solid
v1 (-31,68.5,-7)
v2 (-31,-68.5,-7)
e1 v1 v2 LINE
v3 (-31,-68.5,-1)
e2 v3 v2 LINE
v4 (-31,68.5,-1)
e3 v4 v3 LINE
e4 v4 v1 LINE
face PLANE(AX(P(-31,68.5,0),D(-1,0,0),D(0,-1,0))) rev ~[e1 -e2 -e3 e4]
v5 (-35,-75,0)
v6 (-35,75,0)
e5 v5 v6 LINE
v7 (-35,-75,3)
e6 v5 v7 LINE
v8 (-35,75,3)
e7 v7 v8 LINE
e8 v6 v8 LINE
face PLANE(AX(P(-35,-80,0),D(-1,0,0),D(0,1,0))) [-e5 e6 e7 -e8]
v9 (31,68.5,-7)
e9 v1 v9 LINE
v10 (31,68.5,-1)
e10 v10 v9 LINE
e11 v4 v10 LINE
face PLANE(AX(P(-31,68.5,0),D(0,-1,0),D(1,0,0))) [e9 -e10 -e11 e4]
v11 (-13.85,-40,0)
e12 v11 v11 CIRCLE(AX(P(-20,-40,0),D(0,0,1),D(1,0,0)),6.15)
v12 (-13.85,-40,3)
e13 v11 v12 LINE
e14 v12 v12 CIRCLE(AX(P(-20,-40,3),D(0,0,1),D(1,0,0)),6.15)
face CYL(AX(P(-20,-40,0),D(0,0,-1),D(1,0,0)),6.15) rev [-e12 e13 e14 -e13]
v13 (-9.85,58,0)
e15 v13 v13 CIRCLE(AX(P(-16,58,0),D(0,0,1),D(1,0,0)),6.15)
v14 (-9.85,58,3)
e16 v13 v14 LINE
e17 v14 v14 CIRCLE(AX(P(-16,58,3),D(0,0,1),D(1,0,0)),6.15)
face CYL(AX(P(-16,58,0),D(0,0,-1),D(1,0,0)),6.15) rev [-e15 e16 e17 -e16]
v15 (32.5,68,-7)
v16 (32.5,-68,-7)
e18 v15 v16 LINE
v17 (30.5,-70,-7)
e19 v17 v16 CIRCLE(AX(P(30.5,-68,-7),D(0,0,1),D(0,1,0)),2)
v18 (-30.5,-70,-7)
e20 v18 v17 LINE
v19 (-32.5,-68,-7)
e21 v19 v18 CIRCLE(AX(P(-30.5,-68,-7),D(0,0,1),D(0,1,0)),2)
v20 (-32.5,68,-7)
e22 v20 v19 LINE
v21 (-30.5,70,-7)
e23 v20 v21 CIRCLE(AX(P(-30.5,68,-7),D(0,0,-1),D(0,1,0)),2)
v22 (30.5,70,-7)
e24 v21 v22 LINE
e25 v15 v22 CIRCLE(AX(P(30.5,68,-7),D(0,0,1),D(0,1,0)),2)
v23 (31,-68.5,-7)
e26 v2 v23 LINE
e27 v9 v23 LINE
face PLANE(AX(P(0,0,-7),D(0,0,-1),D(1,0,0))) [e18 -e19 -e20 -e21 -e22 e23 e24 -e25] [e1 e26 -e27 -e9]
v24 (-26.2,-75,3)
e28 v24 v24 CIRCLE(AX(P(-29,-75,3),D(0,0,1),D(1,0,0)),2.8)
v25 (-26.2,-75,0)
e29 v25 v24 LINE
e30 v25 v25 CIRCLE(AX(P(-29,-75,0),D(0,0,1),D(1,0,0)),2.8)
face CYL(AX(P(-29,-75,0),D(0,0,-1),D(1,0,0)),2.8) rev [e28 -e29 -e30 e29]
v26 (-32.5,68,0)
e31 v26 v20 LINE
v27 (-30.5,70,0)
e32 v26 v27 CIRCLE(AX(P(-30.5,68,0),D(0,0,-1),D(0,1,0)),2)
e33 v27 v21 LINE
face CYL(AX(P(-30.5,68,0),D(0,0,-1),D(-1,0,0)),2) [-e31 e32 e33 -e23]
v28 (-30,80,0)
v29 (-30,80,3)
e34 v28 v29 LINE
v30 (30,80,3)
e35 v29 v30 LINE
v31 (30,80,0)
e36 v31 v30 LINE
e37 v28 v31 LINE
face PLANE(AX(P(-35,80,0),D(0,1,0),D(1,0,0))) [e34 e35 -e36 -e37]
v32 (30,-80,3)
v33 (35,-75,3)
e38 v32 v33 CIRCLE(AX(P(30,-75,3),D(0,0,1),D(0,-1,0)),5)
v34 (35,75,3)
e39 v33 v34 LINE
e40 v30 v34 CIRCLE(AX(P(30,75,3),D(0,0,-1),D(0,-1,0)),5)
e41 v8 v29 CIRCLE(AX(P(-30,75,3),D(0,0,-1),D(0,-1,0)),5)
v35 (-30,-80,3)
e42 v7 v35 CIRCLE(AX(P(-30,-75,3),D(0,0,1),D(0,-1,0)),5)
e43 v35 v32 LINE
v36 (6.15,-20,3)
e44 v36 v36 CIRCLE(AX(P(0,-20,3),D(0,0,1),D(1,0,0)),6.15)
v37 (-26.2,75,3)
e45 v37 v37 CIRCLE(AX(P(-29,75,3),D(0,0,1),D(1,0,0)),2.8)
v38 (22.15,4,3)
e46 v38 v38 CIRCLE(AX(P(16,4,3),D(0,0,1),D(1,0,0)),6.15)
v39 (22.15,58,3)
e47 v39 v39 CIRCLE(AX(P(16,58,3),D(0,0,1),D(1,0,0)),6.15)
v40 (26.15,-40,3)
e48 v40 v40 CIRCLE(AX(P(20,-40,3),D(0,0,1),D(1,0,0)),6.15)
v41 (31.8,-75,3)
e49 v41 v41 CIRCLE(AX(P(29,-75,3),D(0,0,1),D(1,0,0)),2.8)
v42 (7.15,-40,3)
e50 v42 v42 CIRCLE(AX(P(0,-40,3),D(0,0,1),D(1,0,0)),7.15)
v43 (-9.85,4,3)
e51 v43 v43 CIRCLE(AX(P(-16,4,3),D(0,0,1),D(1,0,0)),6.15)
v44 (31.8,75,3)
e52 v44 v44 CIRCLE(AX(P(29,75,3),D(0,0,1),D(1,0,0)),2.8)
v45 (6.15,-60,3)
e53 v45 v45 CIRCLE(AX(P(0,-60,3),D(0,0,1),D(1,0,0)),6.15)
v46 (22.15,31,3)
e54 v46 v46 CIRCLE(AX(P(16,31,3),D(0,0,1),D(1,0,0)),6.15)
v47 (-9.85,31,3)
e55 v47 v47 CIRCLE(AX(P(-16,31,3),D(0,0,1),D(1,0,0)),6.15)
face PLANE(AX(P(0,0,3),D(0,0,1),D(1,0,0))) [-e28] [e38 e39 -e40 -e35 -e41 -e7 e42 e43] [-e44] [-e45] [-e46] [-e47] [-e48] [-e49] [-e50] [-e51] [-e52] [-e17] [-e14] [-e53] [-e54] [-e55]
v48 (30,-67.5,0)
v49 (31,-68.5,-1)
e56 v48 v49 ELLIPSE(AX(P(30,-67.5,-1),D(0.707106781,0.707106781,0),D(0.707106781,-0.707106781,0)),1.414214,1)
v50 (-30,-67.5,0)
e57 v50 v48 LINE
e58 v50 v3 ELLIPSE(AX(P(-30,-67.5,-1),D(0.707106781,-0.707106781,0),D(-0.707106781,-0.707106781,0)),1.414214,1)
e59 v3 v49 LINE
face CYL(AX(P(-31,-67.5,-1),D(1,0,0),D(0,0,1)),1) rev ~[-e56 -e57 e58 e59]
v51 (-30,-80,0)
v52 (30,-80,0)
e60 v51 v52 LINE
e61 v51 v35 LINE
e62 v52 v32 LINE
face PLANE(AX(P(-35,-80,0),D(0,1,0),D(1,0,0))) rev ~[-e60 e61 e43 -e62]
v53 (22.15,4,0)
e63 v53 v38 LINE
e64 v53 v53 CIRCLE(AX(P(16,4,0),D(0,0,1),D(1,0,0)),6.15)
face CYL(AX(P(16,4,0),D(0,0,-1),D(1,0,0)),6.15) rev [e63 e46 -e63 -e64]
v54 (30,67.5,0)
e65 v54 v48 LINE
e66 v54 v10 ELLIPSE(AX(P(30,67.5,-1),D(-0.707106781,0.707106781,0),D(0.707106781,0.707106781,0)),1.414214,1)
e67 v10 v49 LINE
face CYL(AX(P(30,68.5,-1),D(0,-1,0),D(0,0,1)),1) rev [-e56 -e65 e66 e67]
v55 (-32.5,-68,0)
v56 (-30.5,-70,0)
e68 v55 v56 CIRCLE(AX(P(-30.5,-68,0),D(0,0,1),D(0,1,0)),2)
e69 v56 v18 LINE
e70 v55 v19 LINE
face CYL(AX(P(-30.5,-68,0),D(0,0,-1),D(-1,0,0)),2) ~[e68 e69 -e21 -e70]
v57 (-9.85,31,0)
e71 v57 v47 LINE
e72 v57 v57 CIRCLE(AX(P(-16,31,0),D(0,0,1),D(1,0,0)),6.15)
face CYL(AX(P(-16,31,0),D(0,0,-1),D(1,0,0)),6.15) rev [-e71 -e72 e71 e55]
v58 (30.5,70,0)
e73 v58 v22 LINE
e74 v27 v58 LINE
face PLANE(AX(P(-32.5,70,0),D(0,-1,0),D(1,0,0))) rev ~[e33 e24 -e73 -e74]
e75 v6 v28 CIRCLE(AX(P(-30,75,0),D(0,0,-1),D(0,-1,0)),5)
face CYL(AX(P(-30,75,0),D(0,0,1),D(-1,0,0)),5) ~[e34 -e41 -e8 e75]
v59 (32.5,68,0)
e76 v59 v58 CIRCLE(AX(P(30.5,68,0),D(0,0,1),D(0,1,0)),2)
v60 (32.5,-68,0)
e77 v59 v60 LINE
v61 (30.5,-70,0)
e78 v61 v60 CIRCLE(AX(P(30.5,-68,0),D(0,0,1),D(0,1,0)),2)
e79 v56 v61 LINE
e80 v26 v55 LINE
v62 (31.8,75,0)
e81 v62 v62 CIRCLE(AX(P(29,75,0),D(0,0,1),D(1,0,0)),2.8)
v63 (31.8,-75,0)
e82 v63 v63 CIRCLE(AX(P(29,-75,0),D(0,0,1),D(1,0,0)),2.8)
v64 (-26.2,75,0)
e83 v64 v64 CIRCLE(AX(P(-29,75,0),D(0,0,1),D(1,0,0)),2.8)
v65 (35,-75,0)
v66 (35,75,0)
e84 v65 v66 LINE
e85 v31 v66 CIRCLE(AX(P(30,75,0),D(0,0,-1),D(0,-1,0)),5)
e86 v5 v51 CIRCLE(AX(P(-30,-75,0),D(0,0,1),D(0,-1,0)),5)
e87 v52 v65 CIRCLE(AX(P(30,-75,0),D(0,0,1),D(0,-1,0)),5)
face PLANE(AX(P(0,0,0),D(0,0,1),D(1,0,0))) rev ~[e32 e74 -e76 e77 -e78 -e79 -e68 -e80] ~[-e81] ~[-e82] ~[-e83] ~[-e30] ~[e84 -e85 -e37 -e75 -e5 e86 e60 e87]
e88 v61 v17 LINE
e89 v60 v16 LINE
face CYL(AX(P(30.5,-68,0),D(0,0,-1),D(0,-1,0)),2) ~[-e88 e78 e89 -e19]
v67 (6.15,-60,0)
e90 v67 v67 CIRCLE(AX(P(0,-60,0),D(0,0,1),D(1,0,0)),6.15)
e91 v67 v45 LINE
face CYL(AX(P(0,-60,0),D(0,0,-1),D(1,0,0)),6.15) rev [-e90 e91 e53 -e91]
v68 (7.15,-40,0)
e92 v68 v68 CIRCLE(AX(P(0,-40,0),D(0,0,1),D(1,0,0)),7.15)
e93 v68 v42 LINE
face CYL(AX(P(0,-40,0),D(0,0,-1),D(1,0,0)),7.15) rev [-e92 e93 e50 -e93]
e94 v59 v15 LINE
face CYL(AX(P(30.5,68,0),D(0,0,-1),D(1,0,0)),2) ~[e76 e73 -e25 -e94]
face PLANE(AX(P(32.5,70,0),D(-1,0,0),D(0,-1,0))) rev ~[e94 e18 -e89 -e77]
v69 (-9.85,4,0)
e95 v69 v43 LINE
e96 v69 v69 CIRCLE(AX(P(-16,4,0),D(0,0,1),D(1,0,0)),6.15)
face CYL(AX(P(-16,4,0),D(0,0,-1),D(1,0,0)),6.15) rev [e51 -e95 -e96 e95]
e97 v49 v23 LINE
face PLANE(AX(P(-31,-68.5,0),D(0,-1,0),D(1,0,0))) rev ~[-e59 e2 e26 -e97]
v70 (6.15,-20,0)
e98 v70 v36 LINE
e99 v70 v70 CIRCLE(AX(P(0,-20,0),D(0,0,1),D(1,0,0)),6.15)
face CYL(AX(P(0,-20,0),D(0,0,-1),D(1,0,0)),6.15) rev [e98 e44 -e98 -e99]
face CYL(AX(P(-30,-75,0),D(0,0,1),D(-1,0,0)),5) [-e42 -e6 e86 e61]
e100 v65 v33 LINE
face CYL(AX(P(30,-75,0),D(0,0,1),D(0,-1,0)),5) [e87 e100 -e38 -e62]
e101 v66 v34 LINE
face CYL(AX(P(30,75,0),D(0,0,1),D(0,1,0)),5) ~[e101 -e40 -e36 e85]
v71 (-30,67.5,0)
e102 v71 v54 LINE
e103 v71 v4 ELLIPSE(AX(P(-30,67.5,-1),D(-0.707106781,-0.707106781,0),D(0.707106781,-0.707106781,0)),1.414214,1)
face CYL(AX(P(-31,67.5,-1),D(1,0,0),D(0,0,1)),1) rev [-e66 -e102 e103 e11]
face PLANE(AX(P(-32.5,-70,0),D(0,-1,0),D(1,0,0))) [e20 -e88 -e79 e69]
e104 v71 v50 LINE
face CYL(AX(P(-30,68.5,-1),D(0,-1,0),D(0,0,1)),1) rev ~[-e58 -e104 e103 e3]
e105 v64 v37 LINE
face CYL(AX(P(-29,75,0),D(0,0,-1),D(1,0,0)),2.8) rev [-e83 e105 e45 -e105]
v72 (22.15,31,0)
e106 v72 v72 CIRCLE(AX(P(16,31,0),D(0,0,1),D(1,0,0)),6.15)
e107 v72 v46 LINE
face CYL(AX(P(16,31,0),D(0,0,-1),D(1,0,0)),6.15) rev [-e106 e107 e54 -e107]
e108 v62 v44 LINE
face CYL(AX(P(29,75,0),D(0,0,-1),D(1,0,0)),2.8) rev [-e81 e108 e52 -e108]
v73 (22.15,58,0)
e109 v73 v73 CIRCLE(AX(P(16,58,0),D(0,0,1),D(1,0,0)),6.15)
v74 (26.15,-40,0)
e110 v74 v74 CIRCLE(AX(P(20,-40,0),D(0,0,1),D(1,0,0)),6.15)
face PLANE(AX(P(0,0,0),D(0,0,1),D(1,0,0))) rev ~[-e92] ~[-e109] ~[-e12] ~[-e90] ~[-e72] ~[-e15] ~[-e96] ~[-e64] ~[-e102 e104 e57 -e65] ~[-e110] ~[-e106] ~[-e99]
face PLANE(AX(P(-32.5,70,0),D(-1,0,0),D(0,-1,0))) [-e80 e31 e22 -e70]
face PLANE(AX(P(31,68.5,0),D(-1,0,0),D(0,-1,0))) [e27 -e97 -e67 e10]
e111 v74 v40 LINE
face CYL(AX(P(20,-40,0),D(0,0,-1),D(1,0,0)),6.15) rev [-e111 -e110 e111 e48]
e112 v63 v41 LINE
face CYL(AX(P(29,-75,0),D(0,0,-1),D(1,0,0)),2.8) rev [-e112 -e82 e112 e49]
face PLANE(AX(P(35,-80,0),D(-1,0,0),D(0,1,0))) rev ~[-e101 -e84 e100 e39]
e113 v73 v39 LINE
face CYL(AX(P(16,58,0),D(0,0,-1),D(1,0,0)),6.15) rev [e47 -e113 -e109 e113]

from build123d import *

# Parameters (mm, degrees)
SKETCH046_W   = 70
SKETCH046_H   = 160
SKETCH046_R   = 2.8
SKETCH046_R_2 = 6.15
SKETCH046_R_3 = 7.15
PAD021_DEPTH  = 3
SKETCH047_W   = 65
SKETCH047_H   = 140
SKETCH047_W_2 = 62
SKETCH047_H_2 = 137
PAD022_DEPTH  = 7
FILLET018_R   = 1
FILLET019_R   = 5
FILLET020_R   = 2


with BuildPart() as part:
    # Sketch046 → Pad021 (new body)
    with BuildSketch(Plane.XY):
        Rectangle(SKETCH046_W, SKETCH046_H)
        with Locations((-29, 75)):
            Circle(SKETCH046_R, mode=Mode.SUBTRACT)
        with Locations((29, 75)):
            Circle(SKETCH046_R, mode=Mode.SUBTRACT)
        with Locations((-29, -75)):
            Circle(SKETCH046_R, mode=Mode.SUBTRACT)
        with Locations((29, -75)):
            Circle(SKETCH046_R, mode=Mode.SUBTRACT)
        with Locations((0, -60)):
            Circle(SKETCH046_R_2, mode=Mode.SUBTRACT)
        with Locations((0, -20)):
            Circle(SKETCH046_R_2, mode=Mode.SUBTRACT)
        with Locations((0, -40)):
            Circle(SKETCH046_R_3, mode=Mode.SUBTRACT)
        with Locations((20, -40)):
            Circle(SKETCH046_R_2, mode=Mode.SUBTRACT)
        with Locations((-20, -40)):
            Circle(SKETCH046_R_2, mode=Mode.SUBTRACT)
        with Locations((-16, 58)):
            Circle(SKETCH046_R_2, mode=Mode.SUBTRACT)
        with Locations((16, 58)):
            Circle(SKETCH046_R_2, mode=Mode.SUBTRACT)
        with Locations((-16, 31)):
            Circle(SKETCH046_R_2, mode=Mode.SUBTRACT)
        with Locations((16, 31)):
            Circle(SKETCH046_R_2, mode=Mode.SUBTRACT)
        with Locations((-16, 4)):
            Circle(SKETCH046_R_2, mode=Mode.SUBTRACT)
        with Locations((16, 4)):
            Circle(SKETCH046_R_2, mode=Mode.SUBTRACT)
    extrude(amount=PAD021_DEPTH)

    # Sketch047 (on Face20 of Pad021) → Pad022 (join)
    with BuildSketch(Plane(origin=(0, 0, 0), x_dir=(1, 0, 0), z_dir=(0, 0, -1))):
        Rectangle(SKETCH047_W, SKETCH047_H)
        Rectangle(SKETCH047_W_2, SKETCH047_H_2, mode=Mode.SUBTRACT)
    extrude(amount=PAD022_DEPTH)

    # Fillet018
    fillet018_edges = [part.edges().sort_by_distance(p)[0] for p in [
        (0, 68.5, 0),
        (31, 0, 0),
        (-31, 0, 0),
        (0, -68.5, 0),
    ]]
    fillet(fillet018_edges, radius=FILLET018_R)

    # Fillet019
    fillet019_edges = [part.edges().sort_by_distance(p)[0] for p in [
        (-35, 80, 1.5),
        (35, 80, 1.5),
        (-35, -80, 1.5),
        (35, -80, 1.5),
    ]]
    fillet(fillet019_edges, radius=FILLET019_R)

    # Fillet020
    fillet020_edges = [part.edges().sort_by_distance(p)[0] for p in [
        (-32.5, -70, -3.5),
        (32.5, -70, -3.5),
        (-32.5, 70, -3.5),
        (32.5, 70, -3.5),
    ]]
    fillet(fillet020_edges, radius=FILLET020_R)


solid = part.part
